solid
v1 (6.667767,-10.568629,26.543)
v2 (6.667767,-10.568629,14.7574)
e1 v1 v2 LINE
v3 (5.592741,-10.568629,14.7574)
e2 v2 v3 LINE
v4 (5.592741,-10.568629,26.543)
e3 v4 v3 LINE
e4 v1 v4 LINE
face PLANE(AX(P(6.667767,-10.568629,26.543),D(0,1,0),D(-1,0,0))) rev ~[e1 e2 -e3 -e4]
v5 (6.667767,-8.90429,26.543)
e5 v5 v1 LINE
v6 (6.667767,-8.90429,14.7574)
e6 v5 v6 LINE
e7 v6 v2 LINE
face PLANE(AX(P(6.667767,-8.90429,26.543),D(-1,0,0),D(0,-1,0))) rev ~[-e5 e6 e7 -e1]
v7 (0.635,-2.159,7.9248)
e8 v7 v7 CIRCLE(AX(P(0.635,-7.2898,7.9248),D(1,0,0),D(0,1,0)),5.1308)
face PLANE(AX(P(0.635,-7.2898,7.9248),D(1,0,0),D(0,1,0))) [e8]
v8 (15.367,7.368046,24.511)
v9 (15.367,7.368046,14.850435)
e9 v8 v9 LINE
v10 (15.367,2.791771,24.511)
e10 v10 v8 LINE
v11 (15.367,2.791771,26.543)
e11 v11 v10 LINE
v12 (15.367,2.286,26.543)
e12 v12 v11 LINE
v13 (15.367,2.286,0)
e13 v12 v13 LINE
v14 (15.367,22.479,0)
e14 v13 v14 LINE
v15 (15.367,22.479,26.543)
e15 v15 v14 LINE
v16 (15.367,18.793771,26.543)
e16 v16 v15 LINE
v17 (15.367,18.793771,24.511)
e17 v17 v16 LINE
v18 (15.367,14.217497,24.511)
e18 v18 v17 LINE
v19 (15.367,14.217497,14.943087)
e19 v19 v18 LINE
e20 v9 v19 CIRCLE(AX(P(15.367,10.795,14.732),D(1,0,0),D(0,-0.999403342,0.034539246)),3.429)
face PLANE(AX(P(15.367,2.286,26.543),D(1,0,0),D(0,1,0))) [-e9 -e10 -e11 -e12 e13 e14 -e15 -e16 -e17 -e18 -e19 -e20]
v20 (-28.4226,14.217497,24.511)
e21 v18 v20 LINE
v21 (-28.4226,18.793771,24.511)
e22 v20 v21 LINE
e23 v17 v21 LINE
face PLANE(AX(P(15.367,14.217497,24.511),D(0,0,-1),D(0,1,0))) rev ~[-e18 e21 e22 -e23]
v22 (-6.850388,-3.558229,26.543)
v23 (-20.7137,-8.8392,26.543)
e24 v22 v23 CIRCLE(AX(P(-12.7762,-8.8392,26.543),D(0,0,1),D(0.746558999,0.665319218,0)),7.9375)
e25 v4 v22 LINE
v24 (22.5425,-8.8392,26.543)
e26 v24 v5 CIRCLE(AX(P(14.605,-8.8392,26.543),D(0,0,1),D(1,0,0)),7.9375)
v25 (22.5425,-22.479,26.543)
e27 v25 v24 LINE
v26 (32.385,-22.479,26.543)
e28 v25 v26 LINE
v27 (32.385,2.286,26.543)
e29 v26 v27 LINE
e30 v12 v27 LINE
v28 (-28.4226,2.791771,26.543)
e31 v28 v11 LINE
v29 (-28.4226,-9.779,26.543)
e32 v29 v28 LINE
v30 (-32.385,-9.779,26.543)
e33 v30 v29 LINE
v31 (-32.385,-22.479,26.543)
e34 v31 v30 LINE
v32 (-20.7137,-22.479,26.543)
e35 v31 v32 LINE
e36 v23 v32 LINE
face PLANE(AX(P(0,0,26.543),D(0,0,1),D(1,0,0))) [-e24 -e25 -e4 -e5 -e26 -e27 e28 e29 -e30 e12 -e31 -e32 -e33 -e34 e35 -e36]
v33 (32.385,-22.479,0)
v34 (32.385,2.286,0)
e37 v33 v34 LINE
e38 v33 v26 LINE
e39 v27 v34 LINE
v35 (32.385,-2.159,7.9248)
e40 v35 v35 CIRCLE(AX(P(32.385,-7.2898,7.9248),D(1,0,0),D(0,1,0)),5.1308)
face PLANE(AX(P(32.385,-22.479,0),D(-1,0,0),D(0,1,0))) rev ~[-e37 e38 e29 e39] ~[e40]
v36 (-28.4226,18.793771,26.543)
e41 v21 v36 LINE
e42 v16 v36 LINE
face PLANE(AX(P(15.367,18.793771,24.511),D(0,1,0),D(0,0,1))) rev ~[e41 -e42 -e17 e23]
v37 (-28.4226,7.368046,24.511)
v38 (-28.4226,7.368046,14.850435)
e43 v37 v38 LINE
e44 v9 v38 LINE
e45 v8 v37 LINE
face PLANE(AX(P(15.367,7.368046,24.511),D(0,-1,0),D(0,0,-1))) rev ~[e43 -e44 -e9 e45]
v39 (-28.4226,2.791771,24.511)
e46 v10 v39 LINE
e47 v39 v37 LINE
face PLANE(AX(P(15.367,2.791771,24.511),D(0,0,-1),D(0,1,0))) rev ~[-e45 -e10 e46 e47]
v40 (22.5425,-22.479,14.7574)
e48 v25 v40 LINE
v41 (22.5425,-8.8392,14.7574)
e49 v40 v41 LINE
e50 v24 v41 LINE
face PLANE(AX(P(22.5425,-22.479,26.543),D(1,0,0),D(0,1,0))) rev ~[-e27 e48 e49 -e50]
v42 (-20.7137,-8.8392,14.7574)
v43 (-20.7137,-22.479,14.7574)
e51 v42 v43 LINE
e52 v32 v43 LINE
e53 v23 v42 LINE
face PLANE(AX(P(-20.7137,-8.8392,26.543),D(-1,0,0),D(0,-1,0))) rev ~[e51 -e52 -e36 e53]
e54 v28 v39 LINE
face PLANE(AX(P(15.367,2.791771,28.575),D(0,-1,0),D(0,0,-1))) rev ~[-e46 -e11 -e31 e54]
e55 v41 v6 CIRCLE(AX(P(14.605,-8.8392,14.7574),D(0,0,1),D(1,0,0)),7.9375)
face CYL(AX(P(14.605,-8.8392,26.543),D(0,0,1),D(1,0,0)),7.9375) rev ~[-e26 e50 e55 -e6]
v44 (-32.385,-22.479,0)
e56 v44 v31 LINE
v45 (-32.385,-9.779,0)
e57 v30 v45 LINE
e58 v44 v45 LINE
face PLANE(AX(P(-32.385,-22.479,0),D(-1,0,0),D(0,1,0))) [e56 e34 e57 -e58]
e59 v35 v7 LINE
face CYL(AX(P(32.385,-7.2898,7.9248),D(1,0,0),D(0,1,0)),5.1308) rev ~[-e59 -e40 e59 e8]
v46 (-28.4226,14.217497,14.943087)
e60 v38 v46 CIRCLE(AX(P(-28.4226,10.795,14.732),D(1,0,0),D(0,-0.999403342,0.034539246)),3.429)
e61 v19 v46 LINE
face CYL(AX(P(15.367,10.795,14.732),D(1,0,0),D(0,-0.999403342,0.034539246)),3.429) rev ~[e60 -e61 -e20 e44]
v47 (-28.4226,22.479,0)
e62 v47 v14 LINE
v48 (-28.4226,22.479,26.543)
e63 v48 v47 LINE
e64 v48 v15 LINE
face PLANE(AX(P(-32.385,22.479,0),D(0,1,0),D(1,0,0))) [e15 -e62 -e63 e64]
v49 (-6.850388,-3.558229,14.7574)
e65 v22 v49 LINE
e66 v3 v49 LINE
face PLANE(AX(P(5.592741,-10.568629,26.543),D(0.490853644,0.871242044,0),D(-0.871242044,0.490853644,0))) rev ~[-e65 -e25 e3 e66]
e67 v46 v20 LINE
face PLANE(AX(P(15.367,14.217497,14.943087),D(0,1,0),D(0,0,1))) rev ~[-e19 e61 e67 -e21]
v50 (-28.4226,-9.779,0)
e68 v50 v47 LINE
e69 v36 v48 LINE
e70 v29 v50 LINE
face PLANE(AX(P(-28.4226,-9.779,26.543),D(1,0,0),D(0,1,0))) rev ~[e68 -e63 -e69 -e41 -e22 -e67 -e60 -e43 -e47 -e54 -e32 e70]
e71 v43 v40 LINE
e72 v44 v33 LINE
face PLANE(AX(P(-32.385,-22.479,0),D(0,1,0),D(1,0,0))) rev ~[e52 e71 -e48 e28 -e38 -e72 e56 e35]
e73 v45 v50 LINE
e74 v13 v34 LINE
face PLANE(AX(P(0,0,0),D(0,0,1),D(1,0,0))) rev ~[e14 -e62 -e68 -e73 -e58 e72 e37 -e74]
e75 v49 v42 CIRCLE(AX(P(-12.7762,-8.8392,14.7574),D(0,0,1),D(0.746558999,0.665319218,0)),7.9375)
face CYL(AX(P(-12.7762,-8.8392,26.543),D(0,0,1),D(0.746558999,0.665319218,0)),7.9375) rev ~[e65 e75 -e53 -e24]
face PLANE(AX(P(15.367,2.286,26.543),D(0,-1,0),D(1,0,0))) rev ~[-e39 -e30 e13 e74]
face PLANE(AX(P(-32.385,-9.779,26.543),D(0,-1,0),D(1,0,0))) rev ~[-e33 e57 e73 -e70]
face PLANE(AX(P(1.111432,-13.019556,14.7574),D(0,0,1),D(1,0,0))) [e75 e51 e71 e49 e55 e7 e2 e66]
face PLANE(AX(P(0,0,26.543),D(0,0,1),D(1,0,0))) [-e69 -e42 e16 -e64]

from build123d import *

# Parameters (mm, degrees)
F0_W     = 64.77
F0_H     = 44.958
F1_DEPTH = 26.543
F2_W     = 3.9624
F2_H     = 32.258
F2_W_2   = 17.018
F2_H_2   = 20.193
F3_DEPTH = 26.544
F4_W     = 6.8494506996
F4_H     = 2.032
F5_DEPTH = 47.753
F7_DEPTH = 11.7856
F8_R     = 5.1308
F9_DEPTH = 31.75


with BuildPart() as f1:
    # F0 (on Top) → F1 (new body)
    with BuildSketch(Plane.XY):
        Rectangle(F0_W, F0_H)
    extrude(amount=F1_DEPTH)

    # F2 (on face) → F3 (cut, through all)
    with BuildSketch(Plane.XY.offset(26.543)):
        with Locations((-30.4038, 6.35)):
            Rectangle(F2_W, F2_H)
        with Locations((23.876, 12.3825)):
            Rectangle(F2_W_2, F2_H_2)
    extrude(amount=-F3_DEPTH, mode=Mode.SUBTRACT)

    # F4 (on face) → F5 (cut, through all)
    with BuildSketch(Plane.YZ.offset(15.367)):
        with BuildLine():
            Line((7.3680459394, 24.511), (7.3680459394, 14.8504350737))
            ThreePointArc((7.3680459394, 14.8504350737), (10.8413795833, 11.3033136722), (14.2174966391, 14.9430870806))
            Line((14.2174966391, 14.9430870806), (14.2174966391, 24.511))
            Line((14.2174966391, 24.511), (7.3680459394, 24.511))
        make_face()
        Polygon((2.7917712892, 24.511), (7.3680459394, 24.511), (7.3680459394, 26.543), (14.2174966391, 26.543), (14.2174966391, 24.511), (18.7937712892, 24.511), (18.7937712892, 28.575), (2.7917712892, 28.575), align=None)
        with Locations((10.7927712892, 25.527)):
            Rectangle(F4_W, F4_H)
    extrude(amount=-F5_DEPTH, mode=Mode.SUBTRACT)

    # F6 (on face) → F7 (cut)
    with BuildSketch(Plane.XY.offset(26.543)):
        with BuildLine():
            Line((22.5425, -22.479), (22.5425, -8.8392))
            ThreePointArc((22.5425, -8.8392), (14.5724547472, -0.9017667211), (6.6677668834, -8.9042899584))
            Line((6.6677668834, -8.9042899584), (6.6677668834, -10.5686287108))
            Line((6.6677668834, -10.5686287108), (5.5927410722, -10.5686287108))
            Line((5.5927410722, -10.5686287108), (-6.8503879466, -3.5582287108))
            ThreePointArc((-6.8503879466, -3.5582287108), (-15.6017772044, -1.421651907), (-20.7137, -8.8392))
            Line((-20.7137, -8.8392), (-20.7137, -22.479))
            Line((-20.7137, -22.479), (22.5425, -22.479))
        make_face()
    extrude(amount=-F7_DEPTH, mode=Mode.SUBTRACT)

    # F8 (on face) → F9 (cut)
    with BuildSketch(Plane.YZ.offset(32.385)):
        with Locations((-7.2898, 7.9248)):
            Circle(F8_R)
    extrude(amount=-F9_DEPTH, mode=Mode.SUBTRACT)


solid = f1.part
